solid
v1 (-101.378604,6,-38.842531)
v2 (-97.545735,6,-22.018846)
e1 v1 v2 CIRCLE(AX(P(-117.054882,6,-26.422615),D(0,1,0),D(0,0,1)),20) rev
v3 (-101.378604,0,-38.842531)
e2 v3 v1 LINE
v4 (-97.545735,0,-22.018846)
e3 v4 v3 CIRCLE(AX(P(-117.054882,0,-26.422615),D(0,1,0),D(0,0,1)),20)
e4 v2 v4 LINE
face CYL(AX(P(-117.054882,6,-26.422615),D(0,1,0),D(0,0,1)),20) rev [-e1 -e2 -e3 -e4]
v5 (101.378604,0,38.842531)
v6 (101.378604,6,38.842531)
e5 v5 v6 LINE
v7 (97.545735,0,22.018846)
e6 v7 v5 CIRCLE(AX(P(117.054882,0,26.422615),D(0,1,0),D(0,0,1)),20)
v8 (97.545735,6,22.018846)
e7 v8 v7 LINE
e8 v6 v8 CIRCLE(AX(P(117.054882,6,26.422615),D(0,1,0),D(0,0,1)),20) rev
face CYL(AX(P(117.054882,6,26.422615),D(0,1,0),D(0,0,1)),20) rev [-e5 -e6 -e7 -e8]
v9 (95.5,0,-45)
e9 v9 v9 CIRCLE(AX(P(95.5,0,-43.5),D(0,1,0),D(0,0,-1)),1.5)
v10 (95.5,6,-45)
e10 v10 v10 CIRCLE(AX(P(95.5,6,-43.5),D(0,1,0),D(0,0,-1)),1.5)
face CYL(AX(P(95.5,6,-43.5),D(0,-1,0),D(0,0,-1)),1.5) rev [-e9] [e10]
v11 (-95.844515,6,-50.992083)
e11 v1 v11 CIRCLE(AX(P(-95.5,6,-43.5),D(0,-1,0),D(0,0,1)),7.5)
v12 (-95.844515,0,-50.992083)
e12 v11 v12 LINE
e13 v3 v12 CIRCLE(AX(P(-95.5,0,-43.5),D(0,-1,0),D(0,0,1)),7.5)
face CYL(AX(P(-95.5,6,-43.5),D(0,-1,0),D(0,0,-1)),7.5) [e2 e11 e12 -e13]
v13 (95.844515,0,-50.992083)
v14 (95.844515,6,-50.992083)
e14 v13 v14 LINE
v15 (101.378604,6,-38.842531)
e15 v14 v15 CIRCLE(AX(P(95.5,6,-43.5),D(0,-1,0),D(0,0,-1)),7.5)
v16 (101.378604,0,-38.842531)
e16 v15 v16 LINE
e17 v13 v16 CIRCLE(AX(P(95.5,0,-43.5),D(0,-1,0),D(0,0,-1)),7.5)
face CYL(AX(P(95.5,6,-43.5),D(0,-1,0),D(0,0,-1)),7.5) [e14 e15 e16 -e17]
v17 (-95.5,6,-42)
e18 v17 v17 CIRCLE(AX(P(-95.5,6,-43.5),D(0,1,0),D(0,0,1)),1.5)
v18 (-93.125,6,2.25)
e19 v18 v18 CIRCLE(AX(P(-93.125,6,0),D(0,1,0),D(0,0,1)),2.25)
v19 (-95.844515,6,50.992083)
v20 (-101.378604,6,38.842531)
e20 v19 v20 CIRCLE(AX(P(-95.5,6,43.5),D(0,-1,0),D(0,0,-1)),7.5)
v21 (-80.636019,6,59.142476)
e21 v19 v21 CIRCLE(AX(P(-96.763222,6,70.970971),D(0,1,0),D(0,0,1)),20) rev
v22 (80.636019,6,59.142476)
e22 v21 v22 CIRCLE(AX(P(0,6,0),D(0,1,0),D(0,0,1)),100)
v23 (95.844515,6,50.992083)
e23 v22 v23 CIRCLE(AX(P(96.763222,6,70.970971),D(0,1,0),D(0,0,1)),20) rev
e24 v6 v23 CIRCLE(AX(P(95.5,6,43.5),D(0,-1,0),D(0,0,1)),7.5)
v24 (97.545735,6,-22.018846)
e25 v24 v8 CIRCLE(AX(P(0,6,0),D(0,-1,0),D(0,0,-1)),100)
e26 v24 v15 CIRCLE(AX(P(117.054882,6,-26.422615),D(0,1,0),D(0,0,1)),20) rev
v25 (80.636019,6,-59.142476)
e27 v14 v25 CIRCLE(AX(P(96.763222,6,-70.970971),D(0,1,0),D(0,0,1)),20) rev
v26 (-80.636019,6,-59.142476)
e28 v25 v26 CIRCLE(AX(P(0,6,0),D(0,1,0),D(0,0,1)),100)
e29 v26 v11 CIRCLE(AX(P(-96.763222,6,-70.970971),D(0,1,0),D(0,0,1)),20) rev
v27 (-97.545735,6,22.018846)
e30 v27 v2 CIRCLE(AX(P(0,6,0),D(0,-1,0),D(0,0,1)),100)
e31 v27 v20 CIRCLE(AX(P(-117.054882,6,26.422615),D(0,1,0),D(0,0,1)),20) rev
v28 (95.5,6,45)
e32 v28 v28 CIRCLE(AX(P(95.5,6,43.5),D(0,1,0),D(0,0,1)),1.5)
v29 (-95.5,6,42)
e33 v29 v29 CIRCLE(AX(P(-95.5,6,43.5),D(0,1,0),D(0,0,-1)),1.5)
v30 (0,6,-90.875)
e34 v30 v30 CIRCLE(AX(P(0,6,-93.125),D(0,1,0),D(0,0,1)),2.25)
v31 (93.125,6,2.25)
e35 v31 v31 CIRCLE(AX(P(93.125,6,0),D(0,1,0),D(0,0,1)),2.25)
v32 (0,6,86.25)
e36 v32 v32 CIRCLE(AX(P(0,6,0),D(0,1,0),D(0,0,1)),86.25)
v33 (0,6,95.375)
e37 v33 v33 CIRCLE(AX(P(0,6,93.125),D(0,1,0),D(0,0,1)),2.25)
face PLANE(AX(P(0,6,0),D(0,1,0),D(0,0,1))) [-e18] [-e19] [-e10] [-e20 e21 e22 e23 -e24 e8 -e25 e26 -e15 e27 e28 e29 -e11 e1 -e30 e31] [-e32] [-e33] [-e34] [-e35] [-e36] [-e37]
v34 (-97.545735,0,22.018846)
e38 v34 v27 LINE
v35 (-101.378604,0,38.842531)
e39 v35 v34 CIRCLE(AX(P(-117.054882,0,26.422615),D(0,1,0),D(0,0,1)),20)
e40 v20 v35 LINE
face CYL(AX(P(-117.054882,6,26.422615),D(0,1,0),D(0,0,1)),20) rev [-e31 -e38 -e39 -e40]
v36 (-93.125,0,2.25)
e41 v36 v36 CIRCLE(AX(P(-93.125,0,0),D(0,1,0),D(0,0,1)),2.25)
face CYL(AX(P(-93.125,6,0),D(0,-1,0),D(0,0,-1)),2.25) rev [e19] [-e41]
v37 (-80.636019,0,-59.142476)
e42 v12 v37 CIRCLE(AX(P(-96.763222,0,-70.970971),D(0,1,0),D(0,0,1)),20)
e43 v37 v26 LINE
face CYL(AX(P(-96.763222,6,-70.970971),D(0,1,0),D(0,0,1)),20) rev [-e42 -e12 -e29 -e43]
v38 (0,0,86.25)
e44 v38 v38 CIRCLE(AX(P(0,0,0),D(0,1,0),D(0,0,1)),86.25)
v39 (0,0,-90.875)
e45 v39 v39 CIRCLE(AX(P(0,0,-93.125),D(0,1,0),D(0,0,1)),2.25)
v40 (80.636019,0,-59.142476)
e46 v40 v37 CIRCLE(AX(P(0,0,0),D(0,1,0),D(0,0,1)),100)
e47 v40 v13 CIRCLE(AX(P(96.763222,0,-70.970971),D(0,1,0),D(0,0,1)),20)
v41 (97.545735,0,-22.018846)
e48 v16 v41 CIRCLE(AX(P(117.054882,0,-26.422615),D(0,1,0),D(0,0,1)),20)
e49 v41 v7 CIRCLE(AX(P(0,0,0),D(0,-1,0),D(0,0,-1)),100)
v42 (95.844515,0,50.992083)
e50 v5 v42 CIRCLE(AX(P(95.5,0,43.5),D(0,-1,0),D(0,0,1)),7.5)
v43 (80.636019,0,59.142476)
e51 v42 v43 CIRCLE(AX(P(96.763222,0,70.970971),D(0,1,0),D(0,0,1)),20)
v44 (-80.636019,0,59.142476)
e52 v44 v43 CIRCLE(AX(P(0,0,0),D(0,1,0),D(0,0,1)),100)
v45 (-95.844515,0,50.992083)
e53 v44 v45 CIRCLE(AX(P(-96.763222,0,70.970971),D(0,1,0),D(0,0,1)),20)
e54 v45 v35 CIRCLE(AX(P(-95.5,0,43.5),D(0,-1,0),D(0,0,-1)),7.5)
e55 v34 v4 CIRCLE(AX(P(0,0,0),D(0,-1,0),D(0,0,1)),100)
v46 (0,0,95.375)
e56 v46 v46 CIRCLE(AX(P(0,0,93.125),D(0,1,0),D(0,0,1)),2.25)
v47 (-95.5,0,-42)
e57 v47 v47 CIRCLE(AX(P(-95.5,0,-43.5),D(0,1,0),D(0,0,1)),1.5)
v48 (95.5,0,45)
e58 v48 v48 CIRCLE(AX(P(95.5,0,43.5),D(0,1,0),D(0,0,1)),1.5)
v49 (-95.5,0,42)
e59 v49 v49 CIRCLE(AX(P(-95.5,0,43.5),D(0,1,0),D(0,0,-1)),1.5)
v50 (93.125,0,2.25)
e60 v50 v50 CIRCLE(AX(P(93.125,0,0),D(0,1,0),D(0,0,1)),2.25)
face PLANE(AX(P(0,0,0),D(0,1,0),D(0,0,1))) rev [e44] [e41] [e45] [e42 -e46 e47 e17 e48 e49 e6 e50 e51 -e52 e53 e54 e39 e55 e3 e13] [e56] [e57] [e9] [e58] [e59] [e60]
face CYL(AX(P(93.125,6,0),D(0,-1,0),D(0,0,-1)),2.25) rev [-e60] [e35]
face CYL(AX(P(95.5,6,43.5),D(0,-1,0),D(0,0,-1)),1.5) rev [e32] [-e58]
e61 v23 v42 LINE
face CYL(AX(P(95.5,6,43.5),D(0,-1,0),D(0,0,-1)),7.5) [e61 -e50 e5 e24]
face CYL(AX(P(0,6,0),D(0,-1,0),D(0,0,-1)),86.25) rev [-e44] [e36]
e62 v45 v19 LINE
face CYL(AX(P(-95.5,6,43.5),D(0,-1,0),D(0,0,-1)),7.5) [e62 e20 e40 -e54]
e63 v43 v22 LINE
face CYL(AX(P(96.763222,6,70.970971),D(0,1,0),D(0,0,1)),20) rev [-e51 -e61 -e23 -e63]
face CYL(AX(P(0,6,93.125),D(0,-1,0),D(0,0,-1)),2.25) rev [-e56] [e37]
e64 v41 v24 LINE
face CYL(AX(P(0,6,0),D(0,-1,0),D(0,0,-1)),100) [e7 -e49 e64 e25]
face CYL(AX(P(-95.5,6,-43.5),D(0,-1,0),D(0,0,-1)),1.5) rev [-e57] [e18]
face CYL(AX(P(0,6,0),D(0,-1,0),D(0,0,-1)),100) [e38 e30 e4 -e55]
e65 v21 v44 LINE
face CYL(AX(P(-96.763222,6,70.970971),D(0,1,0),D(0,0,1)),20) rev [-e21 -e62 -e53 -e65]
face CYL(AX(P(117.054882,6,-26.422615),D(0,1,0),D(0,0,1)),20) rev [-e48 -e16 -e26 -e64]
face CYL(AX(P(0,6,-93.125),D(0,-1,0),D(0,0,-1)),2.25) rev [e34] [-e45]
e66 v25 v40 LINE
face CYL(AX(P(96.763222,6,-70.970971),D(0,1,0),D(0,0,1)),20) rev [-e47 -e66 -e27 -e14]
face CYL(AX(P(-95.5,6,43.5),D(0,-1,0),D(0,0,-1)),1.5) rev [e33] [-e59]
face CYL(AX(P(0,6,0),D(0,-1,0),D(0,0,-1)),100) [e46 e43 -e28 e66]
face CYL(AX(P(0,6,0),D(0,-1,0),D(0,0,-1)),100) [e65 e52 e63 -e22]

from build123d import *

# Parameters (mm, degrees)
SKETCH1_R           = 86.25
BOSS_EXTRUDE1_DEPTH = 6
SKETCH2_R           = 1.5
CUT_EXTRUDE1_DEPTH  = 6
SKETCH3_R           = 2.25
CUT_EXTRUDE2_DEPTH  = 6
CUT_EXTRUDE3_DEPTH  = 6
FILLET1_R           = 20


with BuildPart() as part:
    # Sketch1 → Boss-Extrude1 (new body)
    with BuildSketch(Plane(origin=(0, 0, 0), x_dir=(1, 0, 0), z_dir=(0, 1, 0))):
        with BuildLine():
            Line((75.993420768, 65), (110, 65))
            Line((110, 65), (110, -65))
            Line((110, -65), (75.993420768, -65))
            ThreePointArc((75.993420768, -65), (0, -100), (-75.993420768, -65))
            Line((-75.993420768, -65), (-110, -65))
            Line((-110, -65), (-110, 65))
            Line((-110, 65), (-75.993420768, 65))
            ThreePointArc((-75.993420768, 65), (0, 100), (75.993420768, 65))
        make_face()
        Circle(SKETCH1_R, mode=Mode.SUBTRACT)
    extrude(amount=BOSS_EXTRUDE1_DEPTH)

    # Sketch2 → Cut-Extrude1 (cut)
    with BuildSketch(Plane(origin=(0, 0, 0), x_dir=(1, 0, 0), z_dir=(0, 1, 0))):
        with Locations((-95.5, 43.5)):
            Circle(SKETCH2_R)
        with Locations((95.5, 43.5)):
            Circle(SKETCH2_R)
        with Locations((95.5, -43.5)):
            Circle(SKETCH2_R)
        with Locations((-95.5, -43.5)):
            Circle(SKETCH2_R)
    extrude(amount=CUT_EXTRUDE1_DEPTH, mode=Mode.SUBTRACT)

    # Sketch3 → Cut-Extrude2 (cut)
    with BuildSketch(Plane(origin=(0, 0, 0), x_dir=(1, 0, 0), z_dir=(0, 1, 0))):
        with Locations((0, 93.125)):
            Circle(SKETCH3_R)
        with Locations((93.125, 0)):
            Circle(SKETCH3_R)
        with Locations((0, -93.125)):
            Circle(SKETCH3_R)
        with Locations((-93.125, 0)):
            Circle(SKETCH3_R)
    extrude(amount=CUT_EXTRUDE2_DEPTH, mode=Mode.SUBTRACT)

    # Sketch4 → Cut-Extrude3 (cut)
    with BuildSketch(Plane(origin=(0, 0, 0), x_dir=(1, 0, 0), z_dir=(0, 1, 0))):
        with BuildLine():
            Line((98.608905775, -36.674701114), (93.856581268, -34.510029742))
            ThreePointArc((93.856581268, -34.510029742), (100, 0), (93.856581268, 34.510029742))
            Line((93.856581268, 34.510029742), (98.608905775, 36.674701114))
            ThreePointArc((98.608905775, 36.674701114), (102.325298886, 46.608905775), (92.391094225, 50.325298886))
            Line((92.391094225, 50.325298886), (87.638769717, 48.160627513))
            ThreePointArc((87.638769717, 48.160627513), (82.248188777, 56.879130117), (75.993420768, 65))
            Line((75.993420768, 65), (110, 65))
            Line((110, 65), (110, -65))
            Line((110, -65), (75.993420768, -65))
            ThreePointArc((75.993420768, -65), (82.248188777, -56.879130117), (87.638769717, -48.160627513))
            Line((87.638769717, -48.160627513), (92.391094225, -50.325298886))
            ThreePointArc((92.391094225, -50.325298886), (102.325298886, -46.608905775), (98.608905775, -36.674701114))
        make_face()
        with BuildLine():
            Line((-98.608905775, 36.674701114), (-93.856581268, 34.510029742))
            ThreePointArc((-93.856581268, 34.510029742), (-100, 0), (-93.856581268, -34.510029742))
            Line((-93.856581268, -34.510029742), (-98.608905775, -36.674701114))
            ThreePointArc((-98.608905775, -36.674701114), (-102.325298886, -46.608905775), (-92.391094225, -50.325298886))
            Line((-92.391094225, -50.325298886), (-87.638769717, -48.160627513))
            ThreePointArc((-87.638769717, -48.160627513), (-82.248188777, -56.879130117), (-75.993420768, -65))
            Line((-75.993420768, -65), (-110, -65))
            Line((-110, -65), (-110, 65))
            Line((-110, 65), (-75.993420768, 65))
            ThreePointArc((-75.993420768, 65), (-82.248188777, 56.879130117), (-87.638769717, 48.160627513))
            Line((-87.638769717, 48.160627513), (-92.391094225, 50.325298886))
            ThreePointArc((-92.391094225, 50.325298886), (-102.325298886, 46.608905775), (-98.608905775, 36.674701114))
        make_face()
    extrude(amount=CUT_EXTRUDE3_DEPTH, mode=Mode.SUBTRACT)

    # Fillet1
    fillet1_edges = [part.edges().sort_by_distance(p)[0] for p in [
        (87.638769717, 3, -48.160627513),
        (93.856581268, 3, -34.510029742),
        (93.856581268, 3, 34.510029742),
        (87.638769717, 3, 48.160627513),
        (-87.638769717, 3, 48.160627513),
        (-93.856581268, 3, 34.510029742),
        (-93.856581268, 3, -34.510029742),
        (-87.638769717, 3, -48.160627513),
    ]]
    fillet(fillet1_edges, radius=FILLET1_R)


solid = part.part
